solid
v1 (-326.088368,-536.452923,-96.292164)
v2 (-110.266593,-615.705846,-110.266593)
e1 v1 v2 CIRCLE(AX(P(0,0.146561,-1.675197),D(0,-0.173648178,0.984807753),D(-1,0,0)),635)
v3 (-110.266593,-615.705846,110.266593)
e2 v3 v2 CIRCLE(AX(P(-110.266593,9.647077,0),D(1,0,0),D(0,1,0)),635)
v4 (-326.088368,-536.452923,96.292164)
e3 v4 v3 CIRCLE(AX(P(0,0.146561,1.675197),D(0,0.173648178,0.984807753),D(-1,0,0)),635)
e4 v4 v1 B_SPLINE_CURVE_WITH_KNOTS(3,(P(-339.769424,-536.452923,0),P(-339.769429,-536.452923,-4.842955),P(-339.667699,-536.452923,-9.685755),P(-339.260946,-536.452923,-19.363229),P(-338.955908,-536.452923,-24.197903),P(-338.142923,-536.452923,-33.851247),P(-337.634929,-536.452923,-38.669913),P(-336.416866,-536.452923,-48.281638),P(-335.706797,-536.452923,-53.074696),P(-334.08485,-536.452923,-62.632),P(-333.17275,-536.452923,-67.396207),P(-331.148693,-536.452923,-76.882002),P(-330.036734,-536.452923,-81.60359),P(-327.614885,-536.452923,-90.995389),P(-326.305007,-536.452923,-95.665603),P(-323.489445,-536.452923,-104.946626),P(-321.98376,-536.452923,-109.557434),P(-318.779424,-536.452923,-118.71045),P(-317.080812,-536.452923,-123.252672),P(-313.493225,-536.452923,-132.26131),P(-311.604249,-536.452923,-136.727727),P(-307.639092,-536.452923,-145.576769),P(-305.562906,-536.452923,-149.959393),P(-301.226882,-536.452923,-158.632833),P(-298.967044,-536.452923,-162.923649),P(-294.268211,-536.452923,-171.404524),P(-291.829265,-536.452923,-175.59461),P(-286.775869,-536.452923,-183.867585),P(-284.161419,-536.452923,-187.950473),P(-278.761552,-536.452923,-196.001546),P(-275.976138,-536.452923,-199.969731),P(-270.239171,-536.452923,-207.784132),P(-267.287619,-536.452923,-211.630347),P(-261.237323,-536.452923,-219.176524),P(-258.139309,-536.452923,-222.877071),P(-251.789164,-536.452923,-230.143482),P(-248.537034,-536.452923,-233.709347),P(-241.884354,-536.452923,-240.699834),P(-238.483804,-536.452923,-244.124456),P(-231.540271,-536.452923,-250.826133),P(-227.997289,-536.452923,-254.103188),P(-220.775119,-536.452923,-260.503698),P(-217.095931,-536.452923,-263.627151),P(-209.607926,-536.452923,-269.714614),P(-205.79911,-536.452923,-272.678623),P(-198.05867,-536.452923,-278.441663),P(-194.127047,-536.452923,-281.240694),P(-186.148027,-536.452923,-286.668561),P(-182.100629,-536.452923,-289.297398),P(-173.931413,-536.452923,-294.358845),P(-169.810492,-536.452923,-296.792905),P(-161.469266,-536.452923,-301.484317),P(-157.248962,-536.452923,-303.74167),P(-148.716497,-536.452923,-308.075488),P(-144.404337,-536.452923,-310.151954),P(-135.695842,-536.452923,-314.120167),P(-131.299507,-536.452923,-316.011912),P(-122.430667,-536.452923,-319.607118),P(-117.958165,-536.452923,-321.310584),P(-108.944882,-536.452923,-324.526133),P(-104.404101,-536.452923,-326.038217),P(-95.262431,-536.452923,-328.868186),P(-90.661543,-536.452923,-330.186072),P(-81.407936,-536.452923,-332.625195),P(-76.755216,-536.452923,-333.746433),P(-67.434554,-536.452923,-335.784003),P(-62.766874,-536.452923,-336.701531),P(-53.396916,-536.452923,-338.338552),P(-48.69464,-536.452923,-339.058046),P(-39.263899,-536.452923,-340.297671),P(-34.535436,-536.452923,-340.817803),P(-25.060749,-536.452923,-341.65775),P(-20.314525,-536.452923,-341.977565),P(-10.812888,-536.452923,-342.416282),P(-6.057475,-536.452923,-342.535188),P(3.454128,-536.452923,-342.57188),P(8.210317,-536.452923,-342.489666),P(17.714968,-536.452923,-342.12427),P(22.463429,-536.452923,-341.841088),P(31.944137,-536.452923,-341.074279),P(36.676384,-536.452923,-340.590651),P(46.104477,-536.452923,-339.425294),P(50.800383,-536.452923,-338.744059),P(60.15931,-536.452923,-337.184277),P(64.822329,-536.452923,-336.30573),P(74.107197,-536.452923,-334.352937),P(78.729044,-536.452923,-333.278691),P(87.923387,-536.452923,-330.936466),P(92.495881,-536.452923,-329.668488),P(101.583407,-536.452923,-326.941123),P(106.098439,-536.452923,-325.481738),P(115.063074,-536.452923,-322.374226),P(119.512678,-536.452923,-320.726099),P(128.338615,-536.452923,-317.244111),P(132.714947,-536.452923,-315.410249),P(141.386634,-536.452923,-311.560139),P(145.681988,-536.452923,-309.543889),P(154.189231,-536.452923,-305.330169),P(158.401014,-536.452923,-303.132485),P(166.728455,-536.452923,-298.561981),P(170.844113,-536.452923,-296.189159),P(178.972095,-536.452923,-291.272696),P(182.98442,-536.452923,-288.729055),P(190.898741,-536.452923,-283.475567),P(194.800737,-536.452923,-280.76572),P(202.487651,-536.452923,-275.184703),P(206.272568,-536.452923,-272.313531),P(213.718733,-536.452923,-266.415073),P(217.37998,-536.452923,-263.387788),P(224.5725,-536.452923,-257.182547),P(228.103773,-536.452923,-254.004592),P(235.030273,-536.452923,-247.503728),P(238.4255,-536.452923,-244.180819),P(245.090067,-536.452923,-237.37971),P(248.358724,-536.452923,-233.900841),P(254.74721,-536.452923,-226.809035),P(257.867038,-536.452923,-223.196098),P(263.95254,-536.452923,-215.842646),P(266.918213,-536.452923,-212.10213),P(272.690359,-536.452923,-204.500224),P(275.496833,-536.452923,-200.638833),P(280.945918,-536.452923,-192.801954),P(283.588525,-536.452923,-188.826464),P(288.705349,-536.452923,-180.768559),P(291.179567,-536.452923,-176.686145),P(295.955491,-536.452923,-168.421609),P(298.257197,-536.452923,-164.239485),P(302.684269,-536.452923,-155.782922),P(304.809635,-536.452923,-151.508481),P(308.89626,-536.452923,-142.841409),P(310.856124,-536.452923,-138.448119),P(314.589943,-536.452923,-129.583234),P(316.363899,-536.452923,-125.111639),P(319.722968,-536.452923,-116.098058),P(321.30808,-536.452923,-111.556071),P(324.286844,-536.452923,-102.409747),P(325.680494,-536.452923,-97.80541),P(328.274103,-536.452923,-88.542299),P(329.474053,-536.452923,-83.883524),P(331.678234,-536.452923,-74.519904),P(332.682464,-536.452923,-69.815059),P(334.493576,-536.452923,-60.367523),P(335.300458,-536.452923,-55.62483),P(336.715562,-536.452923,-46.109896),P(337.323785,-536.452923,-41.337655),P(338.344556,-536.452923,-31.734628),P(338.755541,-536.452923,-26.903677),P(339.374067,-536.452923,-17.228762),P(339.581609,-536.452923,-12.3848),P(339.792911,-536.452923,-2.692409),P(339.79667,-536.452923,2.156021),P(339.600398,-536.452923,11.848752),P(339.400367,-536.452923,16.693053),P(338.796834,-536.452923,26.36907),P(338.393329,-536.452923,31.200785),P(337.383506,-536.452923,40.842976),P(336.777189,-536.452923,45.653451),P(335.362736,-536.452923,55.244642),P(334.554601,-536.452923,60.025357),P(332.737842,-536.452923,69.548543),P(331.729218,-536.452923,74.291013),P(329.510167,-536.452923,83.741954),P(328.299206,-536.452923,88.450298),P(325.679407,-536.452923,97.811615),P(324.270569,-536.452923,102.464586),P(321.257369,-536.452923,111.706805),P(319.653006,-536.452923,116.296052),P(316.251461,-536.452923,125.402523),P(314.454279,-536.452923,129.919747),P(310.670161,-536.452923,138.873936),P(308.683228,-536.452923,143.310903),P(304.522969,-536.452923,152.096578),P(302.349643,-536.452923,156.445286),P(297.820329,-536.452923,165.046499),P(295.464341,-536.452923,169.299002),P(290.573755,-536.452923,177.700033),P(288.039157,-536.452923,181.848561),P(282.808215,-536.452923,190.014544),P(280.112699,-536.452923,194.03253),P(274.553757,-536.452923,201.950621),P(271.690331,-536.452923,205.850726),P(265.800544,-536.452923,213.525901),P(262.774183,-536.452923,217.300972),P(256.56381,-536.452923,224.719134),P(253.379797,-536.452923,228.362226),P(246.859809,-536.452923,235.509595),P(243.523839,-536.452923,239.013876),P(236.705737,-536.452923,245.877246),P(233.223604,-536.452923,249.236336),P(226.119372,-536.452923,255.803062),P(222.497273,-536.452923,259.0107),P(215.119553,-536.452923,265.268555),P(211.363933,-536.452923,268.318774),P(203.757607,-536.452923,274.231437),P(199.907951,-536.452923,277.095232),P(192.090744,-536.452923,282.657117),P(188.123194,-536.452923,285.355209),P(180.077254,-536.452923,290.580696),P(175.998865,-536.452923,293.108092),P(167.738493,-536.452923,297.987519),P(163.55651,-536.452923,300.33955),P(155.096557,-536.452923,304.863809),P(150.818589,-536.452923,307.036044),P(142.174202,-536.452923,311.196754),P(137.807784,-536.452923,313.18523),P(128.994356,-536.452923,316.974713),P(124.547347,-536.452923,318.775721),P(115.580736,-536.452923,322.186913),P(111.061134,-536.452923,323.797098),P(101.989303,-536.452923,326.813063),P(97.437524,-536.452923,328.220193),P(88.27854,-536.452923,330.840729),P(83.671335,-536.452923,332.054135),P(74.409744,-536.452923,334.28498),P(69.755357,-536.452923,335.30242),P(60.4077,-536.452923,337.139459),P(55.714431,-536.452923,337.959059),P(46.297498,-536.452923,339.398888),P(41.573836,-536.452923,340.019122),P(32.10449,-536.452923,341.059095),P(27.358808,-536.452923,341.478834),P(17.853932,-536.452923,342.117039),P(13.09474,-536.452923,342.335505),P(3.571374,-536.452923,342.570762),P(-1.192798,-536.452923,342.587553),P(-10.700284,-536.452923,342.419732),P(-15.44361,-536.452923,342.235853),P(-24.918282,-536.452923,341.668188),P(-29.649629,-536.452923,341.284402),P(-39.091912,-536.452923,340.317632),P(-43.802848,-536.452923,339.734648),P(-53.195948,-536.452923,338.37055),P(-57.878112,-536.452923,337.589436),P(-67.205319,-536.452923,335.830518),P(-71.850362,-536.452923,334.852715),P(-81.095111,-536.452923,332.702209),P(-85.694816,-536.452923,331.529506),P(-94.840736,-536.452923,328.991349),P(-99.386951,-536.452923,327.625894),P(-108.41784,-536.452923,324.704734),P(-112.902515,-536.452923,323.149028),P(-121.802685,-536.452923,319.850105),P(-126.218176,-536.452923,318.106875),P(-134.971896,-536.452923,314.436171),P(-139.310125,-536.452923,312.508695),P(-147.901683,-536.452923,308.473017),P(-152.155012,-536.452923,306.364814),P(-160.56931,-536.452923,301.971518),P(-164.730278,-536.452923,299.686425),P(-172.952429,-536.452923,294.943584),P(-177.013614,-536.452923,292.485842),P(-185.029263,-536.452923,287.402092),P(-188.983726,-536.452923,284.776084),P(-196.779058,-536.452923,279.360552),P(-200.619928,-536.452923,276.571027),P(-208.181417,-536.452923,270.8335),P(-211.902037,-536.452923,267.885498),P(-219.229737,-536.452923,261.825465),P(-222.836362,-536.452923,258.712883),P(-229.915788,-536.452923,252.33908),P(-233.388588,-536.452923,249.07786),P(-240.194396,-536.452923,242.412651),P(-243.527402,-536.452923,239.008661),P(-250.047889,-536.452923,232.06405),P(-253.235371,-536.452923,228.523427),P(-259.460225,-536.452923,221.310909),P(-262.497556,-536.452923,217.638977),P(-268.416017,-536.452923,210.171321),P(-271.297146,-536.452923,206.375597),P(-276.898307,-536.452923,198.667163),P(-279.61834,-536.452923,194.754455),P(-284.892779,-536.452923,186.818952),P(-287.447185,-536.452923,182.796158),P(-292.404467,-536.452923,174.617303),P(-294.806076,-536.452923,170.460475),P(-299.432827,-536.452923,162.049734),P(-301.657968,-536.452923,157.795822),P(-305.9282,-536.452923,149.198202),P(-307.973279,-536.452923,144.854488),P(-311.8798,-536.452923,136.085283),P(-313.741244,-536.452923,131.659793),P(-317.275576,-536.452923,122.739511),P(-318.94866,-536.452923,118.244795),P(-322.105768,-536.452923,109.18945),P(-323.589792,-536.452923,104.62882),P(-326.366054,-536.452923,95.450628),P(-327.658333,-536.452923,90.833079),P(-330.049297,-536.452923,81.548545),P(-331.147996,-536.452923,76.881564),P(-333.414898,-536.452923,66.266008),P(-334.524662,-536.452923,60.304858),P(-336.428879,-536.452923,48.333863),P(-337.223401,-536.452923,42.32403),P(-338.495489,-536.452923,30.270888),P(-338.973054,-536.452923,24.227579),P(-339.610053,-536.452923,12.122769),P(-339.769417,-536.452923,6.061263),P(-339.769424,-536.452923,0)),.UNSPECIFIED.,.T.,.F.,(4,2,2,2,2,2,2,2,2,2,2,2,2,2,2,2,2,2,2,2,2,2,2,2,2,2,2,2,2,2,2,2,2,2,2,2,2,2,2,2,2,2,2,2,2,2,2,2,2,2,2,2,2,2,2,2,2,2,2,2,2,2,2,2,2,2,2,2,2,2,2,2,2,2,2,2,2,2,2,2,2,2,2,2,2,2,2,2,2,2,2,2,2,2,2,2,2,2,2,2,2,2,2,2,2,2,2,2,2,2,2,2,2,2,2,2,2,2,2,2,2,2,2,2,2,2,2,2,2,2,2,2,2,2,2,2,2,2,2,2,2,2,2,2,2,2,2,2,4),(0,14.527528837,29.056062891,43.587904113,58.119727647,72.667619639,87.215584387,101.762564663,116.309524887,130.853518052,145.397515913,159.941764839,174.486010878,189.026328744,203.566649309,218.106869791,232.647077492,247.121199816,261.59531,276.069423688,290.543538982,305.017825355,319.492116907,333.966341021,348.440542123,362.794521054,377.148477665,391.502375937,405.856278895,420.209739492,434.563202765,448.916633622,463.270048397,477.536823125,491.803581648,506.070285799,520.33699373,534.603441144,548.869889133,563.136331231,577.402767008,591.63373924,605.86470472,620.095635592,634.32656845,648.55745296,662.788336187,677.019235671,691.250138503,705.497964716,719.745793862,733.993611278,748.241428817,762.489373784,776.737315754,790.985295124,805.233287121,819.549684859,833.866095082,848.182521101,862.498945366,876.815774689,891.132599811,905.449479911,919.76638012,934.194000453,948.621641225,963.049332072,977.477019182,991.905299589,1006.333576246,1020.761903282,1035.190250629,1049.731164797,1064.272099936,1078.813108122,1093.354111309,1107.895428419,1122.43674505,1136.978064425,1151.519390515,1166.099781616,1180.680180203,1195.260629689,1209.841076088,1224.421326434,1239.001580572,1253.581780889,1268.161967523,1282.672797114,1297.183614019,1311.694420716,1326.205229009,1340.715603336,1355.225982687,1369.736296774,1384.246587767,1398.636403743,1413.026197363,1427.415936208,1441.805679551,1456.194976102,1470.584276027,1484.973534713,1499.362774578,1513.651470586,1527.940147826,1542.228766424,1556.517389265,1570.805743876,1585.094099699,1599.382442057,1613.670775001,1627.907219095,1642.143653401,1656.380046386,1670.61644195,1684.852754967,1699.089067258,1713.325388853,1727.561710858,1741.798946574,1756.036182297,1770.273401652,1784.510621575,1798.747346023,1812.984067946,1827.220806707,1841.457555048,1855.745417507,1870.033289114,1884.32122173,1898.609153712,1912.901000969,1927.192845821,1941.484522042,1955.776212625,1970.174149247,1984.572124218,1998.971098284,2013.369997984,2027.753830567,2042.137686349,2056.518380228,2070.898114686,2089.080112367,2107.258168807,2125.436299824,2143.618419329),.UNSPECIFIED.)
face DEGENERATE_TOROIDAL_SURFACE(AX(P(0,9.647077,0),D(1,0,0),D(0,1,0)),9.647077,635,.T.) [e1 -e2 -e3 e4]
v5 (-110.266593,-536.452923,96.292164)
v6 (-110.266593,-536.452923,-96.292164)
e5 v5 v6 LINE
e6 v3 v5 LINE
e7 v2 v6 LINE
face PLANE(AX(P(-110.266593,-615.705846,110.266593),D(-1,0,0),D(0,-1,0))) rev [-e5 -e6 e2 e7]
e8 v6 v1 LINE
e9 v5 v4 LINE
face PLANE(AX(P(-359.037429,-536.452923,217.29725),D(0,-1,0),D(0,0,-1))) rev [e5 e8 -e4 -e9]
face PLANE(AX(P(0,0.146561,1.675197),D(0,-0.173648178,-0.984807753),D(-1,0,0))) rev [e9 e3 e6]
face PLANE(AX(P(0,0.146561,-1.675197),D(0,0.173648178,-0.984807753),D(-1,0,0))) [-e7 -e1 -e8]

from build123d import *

# Parameters (mm, degrees)
REVOLVE1_ANGLE     = 20
SKETCH2_W          = 414.694447971
SKETCH2_H          = 30.87278354
CUT_EXTRUDE1_DEPTH = 249.770836259


with BuildPart() as part:
    # Sketch1 → Revolve1 (revolve, symmetric)
    with BuildSketch(Plane.XY) as revolve1_sk:
        with BuildLine():
            Line((-110.266592819, -625.352923163), (-110.266592819, -523.752923163))
            Line((-110.266592819, -523.752923163), (-359.037429077, -523.752923163))
            ThreePointArc((-359.037429077, -523.752923163), (-240.087913569, -587.86290388), (-110.266592819, -625.352923163))
        make_face()
    revolve(axis=Axis((22.053318564, 9.647076837, 0), (-1, 0, 0)), revolution_arc=REVOLVE1_ANGLE / 2)
    revolve(revolve1_sk.sketch, axis=Axis((22.053318564, 9.647076837, 0), (1, 0, 0)), revolution_arc=REVOLVE1_ANGLE / 2)

    # Sketch2 → Cut-Extrude1 (cut, through all)
    with BuildSketch(Plane(origin=(-110.266592819, 0, 0), x_dir=(0, 0, -1), z_dir=(1, 0, 0))):
        with Locations((-9.950026192, -521.016531393)):
            Rectangle(SKETCH2_W, SKETCH2_H)
    extrude(amount=-CUT_EXTRUDE1_DEPTH, mode=Mode.SUBTRACT)


solid = part.part
